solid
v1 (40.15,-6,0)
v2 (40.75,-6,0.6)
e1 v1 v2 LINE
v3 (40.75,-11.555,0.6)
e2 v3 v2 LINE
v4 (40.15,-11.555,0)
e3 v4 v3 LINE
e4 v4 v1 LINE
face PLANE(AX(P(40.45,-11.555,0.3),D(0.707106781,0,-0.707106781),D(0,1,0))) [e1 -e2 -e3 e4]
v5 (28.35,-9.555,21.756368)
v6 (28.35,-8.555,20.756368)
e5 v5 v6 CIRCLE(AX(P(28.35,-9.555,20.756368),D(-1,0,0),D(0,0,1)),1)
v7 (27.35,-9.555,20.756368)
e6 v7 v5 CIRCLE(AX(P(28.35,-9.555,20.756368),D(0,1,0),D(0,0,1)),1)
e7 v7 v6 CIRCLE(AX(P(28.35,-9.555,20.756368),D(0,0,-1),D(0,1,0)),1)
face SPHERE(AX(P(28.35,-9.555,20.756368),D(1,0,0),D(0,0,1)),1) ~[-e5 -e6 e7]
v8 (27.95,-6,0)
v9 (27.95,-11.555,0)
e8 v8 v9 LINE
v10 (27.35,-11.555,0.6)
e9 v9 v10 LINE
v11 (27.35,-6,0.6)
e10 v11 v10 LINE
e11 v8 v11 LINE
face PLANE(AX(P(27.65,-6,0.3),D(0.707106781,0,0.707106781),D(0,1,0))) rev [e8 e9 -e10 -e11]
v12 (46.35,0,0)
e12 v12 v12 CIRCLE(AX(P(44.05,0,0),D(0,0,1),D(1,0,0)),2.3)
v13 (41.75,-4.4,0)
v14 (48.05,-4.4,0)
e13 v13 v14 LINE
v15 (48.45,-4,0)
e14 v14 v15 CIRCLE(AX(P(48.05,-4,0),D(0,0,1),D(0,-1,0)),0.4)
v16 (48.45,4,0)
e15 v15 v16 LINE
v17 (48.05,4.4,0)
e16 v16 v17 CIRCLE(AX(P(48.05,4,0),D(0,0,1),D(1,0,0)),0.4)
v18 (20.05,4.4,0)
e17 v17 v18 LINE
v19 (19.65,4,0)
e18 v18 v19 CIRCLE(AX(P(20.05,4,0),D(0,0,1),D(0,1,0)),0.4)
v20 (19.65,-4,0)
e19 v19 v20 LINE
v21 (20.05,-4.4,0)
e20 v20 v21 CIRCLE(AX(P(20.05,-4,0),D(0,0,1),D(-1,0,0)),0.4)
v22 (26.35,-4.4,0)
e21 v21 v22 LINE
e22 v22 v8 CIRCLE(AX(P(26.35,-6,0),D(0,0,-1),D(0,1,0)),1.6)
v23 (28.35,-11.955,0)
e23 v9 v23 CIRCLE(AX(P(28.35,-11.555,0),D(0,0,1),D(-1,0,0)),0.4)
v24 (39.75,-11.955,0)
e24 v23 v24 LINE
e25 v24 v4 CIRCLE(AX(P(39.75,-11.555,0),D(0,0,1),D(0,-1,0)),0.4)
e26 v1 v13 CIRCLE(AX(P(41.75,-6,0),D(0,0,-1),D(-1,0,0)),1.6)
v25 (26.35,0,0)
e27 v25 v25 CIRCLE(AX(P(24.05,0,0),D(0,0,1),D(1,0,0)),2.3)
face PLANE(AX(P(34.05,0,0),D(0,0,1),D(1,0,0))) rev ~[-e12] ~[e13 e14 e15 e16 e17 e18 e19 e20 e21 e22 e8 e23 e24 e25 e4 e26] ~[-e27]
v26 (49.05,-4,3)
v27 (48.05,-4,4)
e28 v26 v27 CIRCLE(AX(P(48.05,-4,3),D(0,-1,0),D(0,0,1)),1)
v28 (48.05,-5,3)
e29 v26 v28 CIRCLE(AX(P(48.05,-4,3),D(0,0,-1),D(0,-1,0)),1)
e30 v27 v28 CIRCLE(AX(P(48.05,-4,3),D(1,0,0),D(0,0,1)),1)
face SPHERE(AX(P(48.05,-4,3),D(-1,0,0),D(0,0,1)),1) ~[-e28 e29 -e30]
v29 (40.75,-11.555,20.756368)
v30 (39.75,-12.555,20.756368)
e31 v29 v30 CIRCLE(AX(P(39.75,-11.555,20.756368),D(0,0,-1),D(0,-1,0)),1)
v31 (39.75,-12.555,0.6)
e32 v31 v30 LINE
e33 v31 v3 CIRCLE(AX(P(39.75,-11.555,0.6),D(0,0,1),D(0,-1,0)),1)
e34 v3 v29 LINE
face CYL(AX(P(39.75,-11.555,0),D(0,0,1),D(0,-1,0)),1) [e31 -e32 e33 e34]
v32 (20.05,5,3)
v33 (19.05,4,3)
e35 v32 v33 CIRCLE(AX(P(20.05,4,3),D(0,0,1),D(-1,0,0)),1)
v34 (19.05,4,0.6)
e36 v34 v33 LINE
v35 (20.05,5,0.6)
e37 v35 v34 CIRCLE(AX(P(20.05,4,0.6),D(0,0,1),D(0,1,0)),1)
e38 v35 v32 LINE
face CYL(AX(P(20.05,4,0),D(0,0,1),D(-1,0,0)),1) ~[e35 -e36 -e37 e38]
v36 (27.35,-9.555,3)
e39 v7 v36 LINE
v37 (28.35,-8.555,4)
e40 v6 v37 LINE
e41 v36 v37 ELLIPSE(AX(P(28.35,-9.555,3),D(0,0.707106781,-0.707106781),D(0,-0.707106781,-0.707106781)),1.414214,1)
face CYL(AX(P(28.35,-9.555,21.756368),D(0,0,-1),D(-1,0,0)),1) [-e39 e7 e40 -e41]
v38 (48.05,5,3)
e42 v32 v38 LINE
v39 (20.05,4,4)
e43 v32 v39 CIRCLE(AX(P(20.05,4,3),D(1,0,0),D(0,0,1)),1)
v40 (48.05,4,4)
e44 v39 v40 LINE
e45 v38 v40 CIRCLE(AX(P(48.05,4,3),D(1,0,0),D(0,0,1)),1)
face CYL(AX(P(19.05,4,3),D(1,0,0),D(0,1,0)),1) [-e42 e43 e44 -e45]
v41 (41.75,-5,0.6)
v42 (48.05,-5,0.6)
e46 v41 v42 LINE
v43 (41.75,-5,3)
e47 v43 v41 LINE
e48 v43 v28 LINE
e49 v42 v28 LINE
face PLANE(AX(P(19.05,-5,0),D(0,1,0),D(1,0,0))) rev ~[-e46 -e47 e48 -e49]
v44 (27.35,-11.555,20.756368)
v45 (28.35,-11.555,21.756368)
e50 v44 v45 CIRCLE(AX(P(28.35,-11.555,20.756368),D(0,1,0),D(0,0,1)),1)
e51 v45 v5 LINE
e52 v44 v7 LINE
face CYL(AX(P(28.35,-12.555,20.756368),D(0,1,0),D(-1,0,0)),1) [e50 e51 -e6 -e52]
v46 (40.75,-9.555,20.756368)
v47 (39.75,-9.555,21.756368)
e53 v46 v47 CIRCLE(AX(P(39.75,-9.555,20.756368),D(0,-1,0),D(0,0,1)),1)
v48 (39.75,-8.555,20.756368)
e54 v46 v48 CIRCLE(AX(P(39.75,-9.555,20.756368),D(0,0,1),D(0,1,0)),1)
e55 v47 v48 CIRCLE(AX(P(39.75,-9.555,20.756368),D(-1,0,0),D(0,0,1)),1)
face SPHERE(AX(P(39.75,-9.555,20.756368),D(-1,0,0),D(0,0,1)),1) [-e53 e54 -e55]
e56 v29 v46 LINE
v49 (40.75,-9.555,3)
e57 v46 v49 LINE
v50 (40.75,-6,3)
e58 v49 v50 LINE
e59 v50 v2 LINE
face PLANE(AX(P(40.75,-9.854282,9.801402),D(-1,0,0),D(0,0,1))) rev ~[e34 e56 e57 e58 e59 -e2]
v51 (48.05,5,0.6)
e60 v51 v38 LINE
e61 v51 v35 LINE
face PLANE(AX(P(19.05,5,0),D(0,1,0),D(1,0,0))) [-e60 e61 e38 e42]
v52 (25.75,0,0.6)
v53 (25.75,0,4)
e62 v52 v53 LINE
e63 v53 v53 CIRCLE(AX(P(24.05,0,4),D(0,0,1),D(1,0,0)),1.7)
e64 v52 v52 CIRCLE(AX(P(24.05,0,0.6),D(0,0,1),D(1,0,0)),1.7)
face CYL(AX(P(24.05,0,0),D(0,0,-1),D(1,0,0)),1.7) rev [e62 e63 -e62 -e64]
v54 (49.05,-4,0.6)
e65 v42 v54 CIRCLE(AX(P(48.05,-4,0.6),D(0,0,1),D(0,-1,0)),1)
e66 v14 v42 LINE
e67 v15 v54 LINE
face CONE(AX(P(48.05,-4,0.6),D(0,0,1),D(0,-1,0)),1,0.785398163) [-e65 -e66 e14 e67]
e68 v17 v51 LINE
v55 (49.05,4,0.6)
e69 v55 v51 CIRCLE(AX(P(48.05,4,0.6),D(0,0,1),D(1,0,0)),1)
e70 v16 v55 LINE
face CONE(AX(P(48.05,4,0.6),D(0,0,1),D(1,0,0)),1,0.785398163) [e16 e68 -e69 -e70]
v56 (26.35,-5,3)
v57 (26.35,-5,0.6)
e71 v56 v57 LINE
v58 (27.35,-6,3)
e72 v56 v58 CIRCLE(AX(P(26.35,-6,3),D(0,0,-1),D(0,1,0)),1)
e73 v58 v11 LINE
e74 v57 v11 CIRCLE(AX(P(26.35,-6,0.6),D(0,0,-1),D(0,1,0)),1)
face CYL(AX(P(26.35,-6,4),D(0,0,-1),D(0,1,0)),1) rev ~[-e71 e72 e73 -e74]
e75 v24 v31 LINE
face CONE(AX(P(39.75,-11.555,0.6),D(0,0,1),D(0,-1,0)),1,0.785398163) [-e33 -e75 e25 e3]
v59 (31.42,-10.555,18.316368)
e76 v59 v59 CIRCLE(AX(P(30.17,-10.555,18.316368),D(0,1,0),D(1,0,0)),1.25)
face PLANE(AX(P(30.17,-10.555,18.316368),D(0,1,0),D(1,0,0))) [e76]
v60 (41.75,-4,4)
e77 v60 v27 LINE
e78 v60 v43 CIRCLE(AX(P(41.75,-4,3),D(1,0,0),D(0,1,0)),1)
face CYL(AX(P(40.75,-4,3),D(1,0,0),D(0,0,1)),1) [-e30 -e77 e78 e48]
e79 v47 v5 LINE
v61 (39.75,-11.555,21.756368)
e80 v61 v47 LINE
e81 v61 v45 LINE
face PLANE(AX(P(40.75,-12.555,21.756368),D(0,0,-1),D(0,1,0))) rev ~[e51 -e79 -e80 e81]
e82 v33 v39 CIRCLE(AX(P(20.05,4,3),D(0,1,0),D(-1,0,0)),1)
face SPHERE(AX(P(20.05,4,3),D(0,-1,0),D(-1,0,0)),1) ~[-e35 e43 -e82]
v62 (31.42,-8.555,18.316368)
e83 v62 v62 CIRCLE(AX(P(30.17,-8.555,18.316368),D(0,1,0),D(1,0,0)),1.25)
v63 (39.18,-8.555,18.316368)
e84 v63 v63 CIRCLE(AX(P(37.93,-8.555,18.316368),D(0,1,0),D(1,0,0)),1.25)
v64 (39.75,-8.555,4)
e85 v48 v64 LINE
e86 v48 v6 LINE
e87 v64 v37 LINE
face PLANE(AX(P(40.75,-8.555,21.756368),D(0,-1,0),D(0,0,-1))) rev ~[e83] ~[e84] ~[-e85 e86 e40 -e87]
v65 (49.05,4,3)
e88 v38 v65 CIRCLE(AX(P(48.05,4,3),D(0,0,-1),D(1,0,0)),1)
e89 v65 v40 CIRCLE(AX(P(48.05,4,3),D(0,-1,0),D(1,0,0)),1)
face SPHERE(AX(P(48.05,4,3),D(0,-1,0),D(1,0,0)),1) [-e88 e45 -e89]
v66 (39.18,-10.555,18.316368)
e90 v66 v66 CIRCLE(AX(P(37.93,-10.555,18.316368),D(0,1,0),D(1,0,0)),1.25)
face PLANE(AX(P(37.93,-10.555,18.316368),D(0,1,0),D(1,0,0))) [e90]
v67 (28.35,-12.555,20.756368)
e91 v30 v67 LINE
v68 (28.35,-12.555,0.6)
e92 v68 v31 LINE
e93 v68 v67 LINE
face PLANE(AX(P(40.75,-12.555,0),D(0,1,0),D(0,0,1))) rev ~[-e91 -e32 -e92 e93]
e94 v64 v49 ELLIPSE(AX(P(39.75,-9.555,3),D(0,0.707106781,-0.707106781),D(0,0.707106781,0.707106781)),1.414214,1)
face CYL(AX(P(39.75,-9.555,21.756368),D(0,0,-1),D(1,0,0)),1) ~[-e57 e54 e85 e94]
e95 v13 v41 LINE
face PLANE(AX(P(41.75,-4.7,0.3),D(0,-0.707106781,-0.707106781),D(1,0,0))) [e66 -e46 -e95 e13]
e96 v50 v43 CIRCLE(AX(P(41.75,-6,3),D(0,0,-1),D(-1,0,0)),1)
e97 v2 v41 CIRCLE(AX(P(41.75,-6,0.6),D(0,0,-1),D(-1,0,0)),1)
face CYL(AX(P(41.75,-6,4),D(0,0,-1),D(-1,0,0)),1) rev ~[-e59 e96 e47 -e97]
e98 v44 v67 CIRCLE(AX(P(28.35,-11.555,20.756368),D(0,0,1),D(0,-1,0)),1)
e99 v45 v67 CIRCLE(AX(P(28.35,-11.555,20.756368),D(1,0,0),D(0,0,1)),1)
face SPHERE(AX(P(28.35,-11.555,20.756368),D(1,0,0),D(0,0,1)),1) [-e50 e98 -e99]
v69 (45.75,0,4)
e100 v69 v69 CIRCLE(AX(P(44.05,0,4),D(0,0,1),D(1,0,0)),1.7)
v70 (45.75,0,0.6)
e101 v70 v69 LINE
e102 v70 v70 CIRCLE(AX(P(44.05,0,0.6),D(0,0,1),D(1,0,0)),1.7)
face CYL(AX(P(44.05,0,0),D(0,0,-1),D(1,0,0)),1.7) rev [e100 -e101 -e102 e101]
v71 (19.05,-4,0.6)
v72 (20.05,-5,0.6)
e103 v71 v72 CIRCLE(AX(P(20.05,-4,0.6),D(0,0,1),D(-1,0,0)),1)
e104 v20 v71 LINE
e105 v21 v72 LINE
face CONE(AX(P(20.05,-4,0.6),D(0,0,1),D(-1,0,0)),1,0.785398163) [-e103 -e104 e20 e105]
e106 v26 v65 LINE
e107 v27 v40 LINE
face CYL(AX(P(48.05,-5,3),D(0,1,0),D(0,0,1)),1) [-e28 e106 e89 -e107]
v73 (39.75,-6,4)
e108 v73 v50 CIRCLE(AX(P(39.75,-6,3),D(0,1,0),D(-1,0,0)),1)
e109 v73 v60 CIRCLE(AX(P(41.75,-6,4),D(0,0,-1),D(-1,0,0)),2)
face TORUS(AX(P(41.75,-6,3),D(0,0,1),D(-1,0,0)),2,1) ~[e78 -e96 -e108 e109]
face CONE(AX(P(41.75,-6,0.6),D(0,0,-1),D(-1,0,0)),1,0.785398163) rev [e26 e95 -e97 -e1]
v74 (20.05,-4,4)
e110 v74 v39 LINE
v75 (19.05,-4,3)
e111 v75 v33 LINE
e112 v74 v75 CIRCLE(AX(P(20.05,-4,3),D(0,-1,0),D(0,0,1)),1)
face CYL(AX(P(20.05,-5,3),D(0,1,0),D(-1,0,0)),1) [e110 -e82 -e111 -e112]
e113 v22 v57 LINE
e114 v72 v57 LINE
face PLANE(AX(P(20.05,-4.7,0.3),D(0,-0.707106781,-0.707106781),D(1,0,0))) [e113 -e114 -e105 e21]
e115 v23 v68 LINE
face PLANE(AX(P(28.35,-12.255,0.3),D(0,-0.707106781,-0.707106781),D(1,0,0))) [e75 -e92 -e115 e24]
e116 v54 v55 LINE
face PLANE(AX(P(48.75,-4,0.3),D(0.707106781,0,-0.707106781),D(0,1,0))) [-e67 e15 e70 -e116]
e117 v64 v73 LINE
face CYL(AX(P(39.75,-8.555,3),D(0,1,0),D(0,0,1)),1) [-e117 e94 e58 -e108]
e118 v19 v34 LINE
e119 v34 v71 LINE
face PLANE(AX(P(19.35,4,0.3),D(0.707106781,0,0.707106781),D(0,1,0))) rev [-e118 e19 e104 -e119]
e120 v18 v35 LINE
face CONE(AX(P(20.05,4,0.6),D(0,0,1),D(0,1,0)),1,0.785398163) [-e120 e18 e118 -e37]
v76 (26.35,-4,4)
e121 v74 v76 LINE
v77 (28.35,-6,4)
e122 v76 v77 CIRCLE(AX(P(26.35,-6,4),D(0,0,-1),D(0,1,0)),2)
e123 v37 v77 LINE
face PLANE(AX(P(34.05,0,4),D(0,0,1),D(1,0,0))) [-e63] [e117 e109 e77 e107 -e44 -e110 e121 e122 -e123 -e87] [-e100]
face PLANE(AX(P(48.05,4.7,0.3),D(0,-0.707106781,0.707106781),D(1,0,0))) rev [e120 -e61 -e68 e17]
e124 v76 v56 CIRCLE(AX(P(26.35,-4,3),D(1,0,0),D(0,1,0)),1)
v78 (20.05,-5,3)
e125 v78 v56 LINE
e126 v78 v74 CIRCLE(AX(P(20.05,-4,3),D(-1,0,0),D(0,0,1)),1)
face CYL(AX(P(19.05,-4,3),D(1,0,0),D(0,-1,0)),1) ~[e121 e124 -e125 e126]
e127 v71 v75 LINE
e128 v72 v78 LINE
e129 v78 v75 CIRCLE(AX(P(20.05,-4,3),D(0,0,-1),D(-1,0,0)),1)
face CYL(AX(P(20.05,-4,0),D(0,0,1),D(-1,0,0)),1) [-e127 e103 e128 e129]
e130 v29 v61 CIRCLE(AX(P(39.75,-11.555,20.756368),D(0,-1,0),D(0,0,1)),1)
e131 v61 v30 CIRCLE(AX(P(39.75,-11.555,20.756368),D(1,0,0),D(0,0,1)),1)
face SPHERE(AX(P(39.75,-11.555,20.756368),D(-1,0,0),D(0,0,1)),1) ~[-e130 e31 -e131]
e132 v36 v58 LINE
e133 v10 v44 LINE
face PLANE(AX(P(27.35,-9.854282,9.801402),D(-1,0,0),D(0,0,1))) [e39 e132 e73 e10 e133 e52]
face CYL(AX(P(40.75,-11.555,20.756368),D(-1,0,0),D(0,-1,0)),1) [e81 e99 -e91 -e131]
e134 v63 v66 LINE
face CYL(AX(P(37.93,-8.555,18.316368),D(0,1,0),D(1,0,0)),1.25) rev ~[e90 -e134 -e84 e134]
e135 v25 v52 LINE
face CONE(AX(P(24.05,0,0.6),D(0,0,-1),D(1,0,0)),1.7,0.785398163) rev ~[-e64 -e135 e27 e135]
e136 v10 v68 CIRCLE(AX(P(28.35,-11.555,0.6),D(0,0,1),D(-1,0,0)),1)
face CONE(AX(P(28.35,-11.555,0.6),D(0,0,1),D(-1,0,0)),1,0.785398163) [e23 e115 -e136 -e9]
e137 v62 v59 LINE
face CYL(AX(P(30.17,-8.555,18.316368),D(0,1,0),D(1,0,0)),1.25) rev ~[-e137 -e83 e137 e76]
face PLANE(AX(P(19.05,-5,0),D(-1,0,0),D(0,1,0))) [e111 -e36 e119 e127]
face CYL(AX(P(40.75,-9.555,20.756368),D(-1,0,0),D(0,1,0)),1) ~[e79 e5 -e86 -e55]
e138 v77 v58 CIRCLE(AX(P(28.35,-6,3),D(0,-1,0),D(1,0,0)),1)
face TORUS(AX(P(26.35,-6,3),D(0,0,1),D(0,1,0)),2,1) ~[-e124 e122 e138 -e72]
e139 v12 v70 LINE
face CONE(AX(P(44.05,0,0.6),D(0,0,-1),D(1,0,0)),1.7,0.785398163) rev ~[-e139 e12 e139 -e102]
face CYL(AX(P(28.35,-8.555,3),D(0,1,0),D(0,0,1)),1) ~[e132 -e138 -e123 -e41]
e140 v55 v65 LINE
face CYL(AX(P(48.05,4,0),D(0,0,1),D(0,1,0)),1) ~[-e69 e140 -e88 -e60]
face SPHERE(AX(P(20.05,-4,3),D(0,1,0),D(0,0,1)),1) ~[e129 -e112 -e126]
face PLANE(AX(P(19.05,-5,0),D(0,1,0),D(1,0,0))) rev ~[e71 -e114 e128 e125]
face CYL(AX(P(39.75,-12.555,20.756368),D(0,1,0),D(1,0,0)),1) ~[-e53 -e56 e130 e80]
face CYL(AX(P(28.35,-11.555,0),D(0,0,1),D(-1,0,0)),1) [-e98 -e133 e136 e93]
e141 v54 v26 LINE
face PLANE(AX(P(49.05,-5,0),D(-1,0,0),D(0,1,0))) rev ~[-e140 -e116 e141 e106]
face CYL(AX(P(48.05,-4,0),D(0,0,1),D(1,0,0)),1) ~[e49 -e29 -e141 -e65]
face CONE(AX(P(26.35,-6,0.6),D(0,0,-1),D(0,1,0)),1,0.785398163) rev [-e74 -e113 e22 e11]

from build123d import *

# Parameters (mm, degrees)
SKETCH1_W           = 30
SKETCH1_H           = 10
SKETCH1_R           = 1.7
BOSS_EXTRUDE1_DEPTH = 4
BOSS_EXTRUDE2_START = -13.4
BOSS_EXTRUDE2_DEPTH = 13.4
SKETCH3_R           = 1.25
CUT_EXTRUDE1_DEPTH  = 2
FILLET1_R           = 1
CHAMFER1_SIZE       = 0.6


with BuildPart() as part:
    # Sketch1 → Boss-Extrude1 (new body)
    with BuildSketch(Plane.XY):
        with Locations((34.05, 0)):
            Rectangle(SKETCH1_W, SKETCH1_H)
        with Locations((44.05, 0)):
            Circle(SKETCH1_R, mode=Mode.SUBTRACT)
        with Locations((24.05, 0)):
            Circle(SKETCH1_R, mode=Mode.SUBTRACT)
    extrude(amount=BOSS_EXTRUDE1_DEPTH)

    # Sketch2 → Boss-Extrude2 (add)
    with BuildSketch(Plane.ZY.offset(-27.35).offset(BOSS_EXTRUDE2_START)):
        Polygon((21.756367983, -8.555), (4, -8.555), (4, -5), (0, -5), (0, -12.555), (21.756367983, -12.555), align=None)
    extrude(amount=BOSS_EXTRUDE2_DEPTH)

    # Sketch3 → Cut-Extrude1 (cut)
    with BuildSketch(Plane(origin=(0, -8.555, 0), x_dir=(1, 0, 0), z_dir=(0, 1, 0))):
        with Locations((30.17, -18.316367983)):
            Circle(SKETCH3_R)
        with Locations((37.93, -18.316367983)):
            Circle(SKETCH3_R)
    extrude(amount=-CUT_EXTRUDE1_DEPTH, mode=Mode.SUBTRACT)

    # Fillet1
    fillet1_edges = [part.edges().sort_by_distance(p)[0] for p in [
        (19.05, 0, 4),
        (23.2, -5, 4),
        (44.9, -5, 4),
        (34.05, -8.555, 21.756367983),
        (34.05, -12.555, 21.756367983),
        (27.35, -10.555, 21.756367983),
        (27.35, -8.555, 12.878183991),
        (27.35, -6.7775, 4),
        (27.35, -5, 2),
        (27.35, -12.555, 10.878183991),
        (40.75, -10.555, 21.756367983),
        (40.75, -12.555, 10.878183991),
        (40.75, -5, 2),
        (40.75, -6.7775, 4),
        (40.75, -8.555, 12.878183991),
        (49.05, 0, 4),
        (49.05, -5, 2),
        (19.05, -5, 2),
        (19.05, 5, 2),
        (49.05, 5, 2),
        (34.05, 5, 4),
    ]]
    fillet(fillet1_edges, radius=FILLET1_R)

    # Chamfer1
    chamfer1_edges = [part.edges().sort_by_distance(p)[0] for p in [
        (42.35, 0, 0),
        (22.35, 0, 0),
        (23.2, -5, 0),
        (40.75, -8.7775, 0),
        (19.05, 0, 0),
        (27.35, -8.7775, 0),
        (34.05, 5, 0),
        (49.05, 0, 0),
        (44.9, -5, 0),
        (34.05, -12.555, 0),
        (19.342893219, -4.707106781, 0),
        (19.342893219, 4.707106781, 0),
        (48.757106781, 4.707106781, 0),
        (48.757106781, -4.707106781, 0),
        (40.457106781, -12.262106781, 0),
        (27.642893219, -12.262106781, 0),
        (41.042893219, -5.292893219, 0),
        (27.057106781, -5.292893219, 0),
    ]]
    chamfer(chamfer1_edges, length=CHAMFER1_SIZE)


solid = part.part
